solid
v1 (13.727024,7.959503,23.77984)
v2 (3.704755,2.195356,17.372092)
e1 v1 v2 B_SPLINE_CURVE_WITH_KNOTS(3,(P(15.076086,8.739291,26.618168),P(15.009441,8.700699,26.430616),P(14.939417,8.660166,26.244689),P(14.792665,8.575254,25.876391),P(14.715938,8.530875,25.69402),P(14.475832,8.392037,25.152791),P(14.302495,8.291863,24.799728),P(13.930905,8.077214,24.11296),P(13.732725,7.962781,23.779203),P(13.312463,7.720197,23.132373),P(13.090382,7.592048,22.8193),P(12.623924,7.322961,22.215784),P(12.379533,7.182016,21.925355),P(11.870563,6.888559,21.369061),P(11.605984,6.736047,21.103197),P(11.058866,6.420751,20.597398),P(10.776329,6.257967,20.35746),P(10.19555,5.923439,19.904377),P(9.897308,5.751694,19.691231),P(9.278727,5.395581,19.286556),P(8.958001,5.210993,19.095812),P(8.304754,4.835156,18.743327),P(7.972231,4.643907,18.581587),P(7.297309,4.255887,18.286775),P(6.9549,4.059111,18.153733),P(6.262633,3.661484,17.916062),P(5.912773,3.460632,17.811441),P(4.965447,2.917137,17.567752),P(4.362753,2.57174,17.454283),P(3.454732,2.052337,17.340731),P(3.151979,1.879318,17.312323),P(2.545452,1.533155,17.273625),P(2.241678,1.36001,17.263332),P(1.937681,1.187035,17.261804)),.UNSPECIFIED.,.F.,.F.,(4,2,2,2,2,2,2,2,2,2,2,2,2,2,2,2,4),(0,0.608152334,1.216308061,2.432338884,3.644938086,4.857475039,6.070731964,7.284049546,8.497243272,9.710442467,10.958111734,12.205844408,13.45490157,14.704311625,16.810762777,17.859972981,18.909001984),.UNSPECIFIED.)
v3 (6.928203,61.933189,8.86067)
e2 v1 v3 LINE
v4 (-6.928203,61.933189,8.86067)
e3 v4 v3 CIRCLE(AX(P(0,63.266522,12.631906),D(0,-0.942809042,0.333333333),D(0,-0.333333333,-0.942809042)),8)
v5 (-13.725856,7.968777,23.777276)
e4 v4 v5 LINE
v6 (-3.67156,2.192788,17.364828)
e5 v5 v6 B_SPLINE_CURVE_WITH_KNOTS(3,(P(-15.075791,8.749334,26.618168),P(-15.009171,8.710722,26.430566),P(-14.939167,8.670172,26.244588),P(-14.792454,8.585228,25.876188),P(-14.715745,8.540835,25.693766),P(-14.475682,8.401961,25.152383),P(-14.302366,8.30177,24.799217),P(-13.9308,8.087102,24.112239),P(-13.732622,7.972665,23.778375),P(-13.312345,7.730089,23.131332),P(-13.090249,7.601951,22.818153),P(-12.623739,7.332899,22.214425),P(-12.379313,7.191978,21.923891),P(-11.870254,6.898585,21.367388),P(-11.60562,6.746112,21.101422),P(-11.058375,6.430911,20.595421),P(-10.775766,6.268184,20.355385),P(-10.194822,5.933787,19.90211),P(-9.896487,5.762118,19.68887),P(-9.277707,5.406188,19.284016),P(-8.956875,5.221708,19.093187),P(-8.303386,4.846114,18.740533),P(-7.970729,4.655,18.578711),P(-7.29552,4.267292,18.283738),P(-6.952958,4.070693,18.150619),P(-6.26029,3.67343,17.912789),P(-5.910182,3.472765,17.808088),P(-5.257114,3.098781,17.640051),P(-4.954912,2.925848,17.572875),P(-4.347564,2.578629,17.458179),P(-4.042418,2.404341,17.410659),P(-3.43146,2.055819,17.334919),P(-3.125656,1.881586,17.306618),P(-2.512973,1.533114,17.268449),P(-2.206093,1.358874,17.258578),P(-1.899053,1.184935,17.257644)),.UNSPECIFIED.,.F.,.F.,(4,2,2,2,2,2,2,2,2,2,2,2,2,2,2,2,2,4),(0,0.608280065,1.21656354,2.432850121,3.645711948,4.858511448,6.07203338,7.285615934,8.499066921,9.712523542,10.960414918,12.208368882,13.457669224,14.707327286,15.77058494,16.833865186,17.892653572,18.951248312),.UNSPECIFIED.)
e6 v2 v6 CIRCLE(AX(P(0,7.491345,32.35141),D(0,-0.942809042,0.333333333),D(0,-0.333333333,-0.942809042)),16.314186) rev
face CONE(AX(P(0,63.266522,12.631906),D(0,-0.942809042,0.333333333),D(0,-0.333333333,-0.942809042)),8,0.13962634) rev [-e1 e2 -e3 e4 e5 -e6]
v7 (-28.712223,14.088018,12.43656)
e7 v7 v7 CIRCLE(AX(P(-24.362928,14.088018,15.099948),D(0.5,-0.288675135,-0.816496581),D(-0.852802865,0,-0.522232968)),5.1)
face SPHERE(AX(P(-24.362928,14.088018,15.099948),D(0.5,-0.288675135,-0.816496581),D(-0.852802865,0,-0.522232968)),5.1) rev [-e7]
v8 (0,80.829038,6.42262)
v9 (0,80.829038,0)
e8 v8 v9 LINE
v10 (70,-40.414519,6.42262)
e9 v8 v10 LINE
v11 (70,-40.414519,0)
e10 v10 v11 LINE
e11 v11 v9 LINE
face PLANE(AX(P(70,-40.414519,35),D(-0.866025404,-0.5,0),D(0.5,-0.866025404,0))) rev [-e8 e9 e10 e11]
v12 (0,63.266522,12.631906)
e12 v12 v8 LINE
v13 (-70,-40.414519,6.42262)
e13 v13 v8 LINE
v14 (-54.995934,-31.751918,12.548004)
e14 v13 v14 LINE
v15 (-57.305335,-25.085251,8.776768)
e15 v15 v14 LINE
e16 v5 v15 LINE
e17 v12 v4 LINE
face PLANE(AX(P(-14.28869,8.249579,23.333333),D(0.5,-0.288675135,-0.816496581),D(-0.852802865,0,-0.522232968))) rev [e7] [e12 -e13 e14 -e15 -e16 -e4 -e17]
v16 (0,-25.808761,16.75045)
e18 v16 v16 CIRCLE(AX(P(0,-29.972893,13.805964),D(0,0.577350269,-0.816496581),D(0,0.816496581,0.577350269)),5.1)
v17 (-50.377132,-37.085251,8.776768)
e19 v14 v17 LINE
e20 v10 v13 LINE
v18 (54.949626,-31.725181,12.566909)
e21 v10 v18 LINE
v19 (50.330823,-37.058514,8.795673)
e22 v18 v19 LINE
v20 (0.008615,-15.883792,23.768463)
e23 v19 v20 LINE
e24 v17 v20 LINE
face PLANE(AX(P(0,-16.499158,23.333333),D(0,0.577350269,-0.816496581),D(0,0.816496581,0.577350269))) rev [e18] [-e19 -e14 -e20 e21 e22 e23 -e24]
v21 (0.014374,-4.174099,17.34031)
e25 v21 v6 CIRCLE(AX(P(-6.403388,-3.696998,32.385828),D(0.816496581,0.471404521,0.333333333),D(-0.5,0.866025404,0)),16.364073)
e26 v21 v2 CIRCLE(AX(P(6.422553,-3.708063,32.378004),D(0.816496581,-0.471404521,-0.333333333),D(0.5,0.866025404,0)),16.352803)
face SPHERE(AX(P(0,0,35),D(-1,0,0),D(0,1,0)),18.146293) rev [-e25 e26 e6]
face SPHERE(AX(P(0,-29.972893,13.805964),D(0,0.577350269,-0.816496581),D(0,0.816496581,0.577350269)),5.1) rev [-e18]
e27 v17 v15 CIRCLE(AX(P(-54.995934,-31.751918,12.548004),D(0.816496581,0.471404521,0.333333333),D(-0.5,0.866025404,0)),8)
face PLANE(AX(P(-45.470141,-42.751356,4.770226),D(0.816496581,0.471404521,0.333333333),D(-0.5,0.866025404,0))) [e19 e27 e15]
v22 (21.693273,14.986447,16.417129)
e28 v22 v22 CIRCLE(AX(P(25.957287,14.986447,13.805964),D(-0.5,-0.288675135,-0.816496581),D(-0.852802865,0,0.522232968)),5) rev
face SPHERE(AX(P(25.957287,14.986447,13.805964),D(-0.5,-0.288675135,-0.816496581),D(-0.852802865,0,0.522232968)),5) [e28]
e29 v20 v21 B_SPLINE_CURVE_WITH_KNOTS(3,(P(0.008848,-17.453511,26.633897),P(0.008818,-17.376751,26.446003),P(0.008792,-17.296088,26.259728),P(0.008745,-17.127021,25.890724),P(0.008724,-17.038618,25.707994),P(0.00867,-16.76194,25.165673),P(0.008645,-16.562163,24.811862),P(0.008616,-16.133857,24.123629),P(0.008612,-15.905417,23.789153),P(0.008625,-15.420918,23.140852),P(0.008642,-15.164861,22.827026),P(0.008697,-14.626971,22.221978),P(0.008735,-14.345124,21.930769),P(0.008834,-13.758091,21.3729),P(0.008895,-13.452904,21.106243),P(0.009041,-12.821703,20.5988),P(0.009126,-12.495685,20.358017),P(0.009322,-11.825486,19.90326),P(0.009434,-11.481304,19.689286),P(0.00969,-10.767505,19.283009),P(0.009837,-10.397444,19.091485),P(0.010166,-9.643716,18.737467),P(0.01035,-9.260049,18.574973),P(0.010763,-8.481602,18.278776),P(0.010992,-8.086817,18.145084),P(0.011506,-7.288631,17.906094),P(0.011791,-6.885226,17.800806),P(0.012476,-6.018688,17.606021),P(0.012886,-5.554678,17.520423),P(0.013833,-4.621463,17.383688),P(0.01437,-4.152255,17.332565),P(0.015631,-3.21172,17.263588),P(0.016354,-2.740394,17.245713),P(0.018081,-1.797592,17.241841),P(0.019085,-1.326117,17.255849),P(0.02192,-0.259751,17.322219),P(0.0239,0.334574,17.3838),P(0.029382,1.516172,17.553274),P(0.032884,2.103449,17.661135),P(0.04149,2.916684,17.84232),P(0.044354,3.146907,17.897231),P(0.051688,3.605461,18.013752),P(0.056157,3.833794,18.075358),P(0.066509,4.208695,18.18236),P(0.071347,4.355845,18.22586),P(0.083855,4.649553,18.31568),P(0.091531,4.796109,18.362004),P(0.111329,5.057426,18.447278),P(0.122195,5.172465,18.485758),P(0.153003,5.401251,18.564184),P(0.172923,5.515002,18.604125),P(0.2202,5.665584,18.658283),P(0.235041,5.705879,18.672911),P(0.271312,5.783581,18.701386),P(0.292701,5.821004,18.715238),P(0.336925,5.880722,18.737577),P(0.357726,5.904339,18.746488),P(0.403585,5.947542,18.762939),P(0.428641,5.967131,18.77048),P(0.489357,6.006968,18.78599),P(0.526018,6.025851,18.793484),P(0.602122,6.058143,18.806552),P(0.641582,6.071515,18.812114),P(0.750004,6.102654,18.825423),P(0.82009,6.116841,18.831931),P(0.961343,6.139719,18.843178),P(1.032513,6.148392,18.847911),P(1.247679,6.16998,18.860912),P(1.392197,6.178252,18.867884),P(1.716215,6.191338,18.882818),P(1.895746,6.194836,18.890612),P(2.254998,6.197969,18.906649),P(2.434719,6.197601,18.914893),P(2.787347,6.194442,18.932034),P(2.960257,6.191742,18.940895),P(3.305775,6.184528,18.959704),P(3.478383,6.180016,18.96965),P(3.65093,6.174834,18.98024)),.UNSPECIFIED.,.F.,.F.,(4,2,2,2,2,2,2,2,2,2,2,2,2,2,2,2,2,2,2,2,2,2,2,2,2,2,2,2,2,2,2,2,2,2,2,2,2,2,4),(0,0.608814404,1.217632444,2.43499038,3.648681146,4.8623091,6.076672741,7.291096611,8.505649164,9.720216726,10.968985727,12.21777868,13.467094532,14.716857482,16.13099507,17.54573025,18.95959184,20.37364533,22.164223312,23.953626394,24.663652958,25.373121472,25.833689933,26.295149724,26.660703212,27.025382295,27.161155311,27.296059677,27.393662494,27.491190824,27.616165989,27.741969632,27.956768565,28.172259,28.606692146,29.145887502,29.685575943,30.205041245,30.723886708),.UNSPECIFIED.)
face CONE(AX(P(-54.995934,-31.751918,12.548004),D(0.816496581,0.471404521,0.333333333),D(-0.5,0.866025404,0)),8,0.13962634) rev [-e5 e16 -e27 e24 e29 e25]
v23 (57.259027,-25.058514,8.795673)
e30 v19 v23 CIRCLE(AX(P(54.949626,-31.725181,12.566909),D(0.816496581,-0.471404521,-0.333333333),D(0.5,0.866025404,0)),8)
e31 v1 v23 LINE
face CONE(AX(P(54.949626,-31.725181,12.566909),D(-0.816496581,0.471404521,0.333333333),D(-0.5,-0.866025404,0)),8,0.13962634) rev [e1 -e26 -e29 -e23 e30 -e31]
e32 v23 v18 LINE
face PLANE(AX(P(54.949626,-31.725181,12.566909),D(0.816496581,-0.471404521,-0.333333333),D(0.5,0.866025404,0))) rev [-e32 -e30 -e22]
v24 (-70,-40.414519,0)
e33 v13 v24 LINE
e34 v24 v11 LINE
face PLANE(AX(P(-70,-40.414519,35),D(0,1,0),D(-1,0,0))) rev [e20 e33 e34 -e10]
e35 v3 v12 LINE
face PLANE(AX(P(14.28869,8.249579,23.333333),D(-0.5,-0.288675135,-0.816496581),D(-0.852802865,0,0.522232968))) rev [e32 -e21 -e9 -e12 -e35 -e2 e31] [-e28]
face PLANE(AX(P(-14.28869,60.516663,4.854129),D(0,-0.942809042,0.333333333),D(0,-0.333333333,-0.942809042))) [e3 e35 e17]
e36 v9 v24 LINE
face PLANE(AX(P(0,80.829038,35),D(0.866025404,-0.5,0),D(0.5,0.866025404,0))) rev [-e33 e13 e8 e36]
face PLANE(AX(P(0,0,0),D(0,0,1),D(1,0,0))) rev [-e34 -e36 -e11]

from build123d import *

# Parameters (mm, degrees)
BOSS_EXTRUDE1_DEPTH = 35
SKETCH17_W          = 133.012031184
SKETCH17_H          = 150.020262135
CUT_EXTRUDE1_DEPTH  = 100
SKETCH18_W          = 192.413181094
SKETCH18_H          = 151.943406229
CUT_EXTRUDE2_DEPTH  = 100
SKETCH19_W          = 213.02940575
SKETCH19_H          = 185.007600509
CUT_EXTRUDE3_DEPTH  = 100


with BuildPart() as part:
    # Sketch1 → Boss-Extrude1 (new body)
    with BuildSketch(Plane.XY):
        Polygon((0, 80.829037687), (-70, -40.414518843), (70, -40.414518843), align=None)
    extrude(amount=BOSS_EXTRUDE1_DEPTH)

    # Sketch17 → Cut-Extrude1 (cut)
    with BuildSketch(Plane(origin=(-14.288690166, 8.249579114, 23.333333333), x_dir=(0.8655579140838772, 0.1356024462386485, 0.4821011034429005), z_dir=(-0.5000000000000012, 0.2886751345948135, 0.8164965809277251))):
        with Locations((-15.800869145, 16.431717582)):
            Rectangle(SKETCH17_W, SKETCH17_H)
    extrude(amount=CUT_EXTRUDE1_DEPTH, mode=Mode.SUBTRACT)

    # Sketch18 → Cut-Extrude2 (cut)
    with BuildSketch(Plane(origin=(0, -16.499158228, 23.333333333), x_dir=(-0.9999855172716196, -0.004394333245699285, -0.003107262836822865), z_dir=(-3.769120432428607e-15, 0.577350269189629, -0.8164965809277238))):
        with Locations((-12.623056854, 9.892836606)):
            Rectangle(SKETCH18_W, SKETCH18_H)
    extrude(amount=-CUT_EXTRUDE2_DEPTH, mode=Mode.SUBTRACT)

    # Sketch19 → Cut-Extrude3 (cut)
    with BuildSketch(Plane(origin=(14.288690166, 8.249579114, 23.333333333), x_dir=(-0.8656985035271668, 0.1407013511718839, 0.48038446141526087), z_dir=(-0.4999999999999998, -0.288675134594816, -0.8164965809277251))):
        with Locations((-1.009116112, 24.341857859)):
            Rectangle(SKETCH19_W, SKETCH19_H)
    extrude(amount=-CUT_EXTRUDE3_DEPTH, mode=Mode.SUBTRACT)

    # Sketch2 → Cut-Revolve3 (revolve, cut)
    with BuildSketch(Plane.XY.offset(35)):
        with BuildLine():
            Line((18.146292999, 0), (-18.146292999, 0))
            ThreePointArc((-18.146292999, 0), (0, 18.146292999), (18.146292999, 0))
        make_face()
    revolve(axis=Axis((0, 0, 35), (1, 0, 0)), mode=Mode.SUBTRACT)

    # Sketch11 → Cut-Revolve7 (revolve, cut)
    with BuildSketch(Plane(origin=(-14.288690166, 8.249579114, 23.333333333), x_dir=(0.865557914083877, 0.13560244623864853, 0.48210110344290047), z_dir=(-0.5000000000000012, 0.2886751345948134, 0.816496580927725))):
        with BuildLine():
            ThreePointArc((0.3071152, -3.71281039), (6.752910141, 3.94358044), (16.277375636, 7.018177971))
            Line((16.277375636, 7.018177971), (14.668951259, 55.949737526))
            Line((14.668951259, 55.949737526), (6.673269744, 55.686912283))
            Line((6.673269744, 55.686912283), (0.3071152, -3.71281039))
        make_face()
    revolve(axis=Axis((0, 17.108489111, 28.951235667), (-2.185767015328875e-15, 0.9428090415820626, -0.33333333333333554)), mode=Mode.SUBTRACT)

    # Sketch3 → Cut-Revolve8 (revolve, cut)
    with BuildSketch(Plane(origin=(14.288690166, 8.249579114, 23.333333333), x_dir=(0.8656985035271669, -0.14070135117188398, -0.4803844614152608), z_dir=(0.4999999999999997, 0.28867513459481586, 0.8164965809277251))):
        with BuildLine():
            Line((45.996636443, -35.376806478), (48.869515746, -27.910444278))
            Line((48.869515746, -27.910444278), (-3.599712524, 1.228268839))
            ThreePointArc((-3.599712524, 1.228268839), (0.992741724, -7.712219863), (0.122393367, -17.725484464))
            Line((0.122393367, -17.725484464), (45.996636443, -35.376806478))
        make_face()
    revolve(axis=Axis((54.949625504, -31.725181077, 12.566909326), (-0.8164965809277288, 0.4714045207910254, 0.3333333333333354)), mode=Mode.SUBTRACT)

    # Sketch10 → Cut-Revolve9 (revolve, cut)
    with BuildSketch(Plane(origin=(0, -16.499158228, 23.333333333), x_dir=(0.9999855172716196, 0.004394333245699285, 0.00310726283682286), z_dir=(3.774324602856538e-15, -0.5773502691896293, 0.8164965809277237))):
        with BuildLine():
            Line((-14.763802711, 9.810092208), (-55.095676422, -18.384483489))
            Line((-55.095676422, -18.384483489), (-50.512095827, -24.941219638))
            Line((-50.512095827, -24.941219638), (3.05684637, 2.301752381))
            ThreePointArc((3.05684637, 2.301752381), (-6.936954181, 3.484349057), (-14.763802711, 9.810092208))
        make_face()
    revolve(axis=Axis((-14.81638619, -8.554244555, 28.951235667), (-0.8164965809277253, -0.471404520791033, -0.3333333333333334)), mode=Mode.SUBTRACT)

    # Sketch13 → Revolve2 (revolve)
    with BuildSketch(Plane(origin=(14.288690166, 8.249579114, 23.333333333), x_dir=(0.8656985035271668, -0.14070135117188393, -0.48038446141526087), z_dir=(0.49999999999999983, 0.2886751345948159, 0.8164965809277251))):
        with BuildLine():
            Line((9.570149417, 6.380099611), (17.89065236, 11.927101574))
            ThreePointArc((17.89065236, 11.927101574), (16.50390187, 4.993349121), (9.570149417, 6.380099611))
        make_face()
    revolve(axis=Axis((35, 20.207259422, 6.422619668), (-0.7071067811865586, -0.40824829046384215, 0.5773502691896272)))

    # Sketch14 → Cut-Revolve10 (revolve, cut)
    with BuildSketch(Plane(origin=(-14.288690166, 8.249579114, 23.333333333), x_dir=(0.865557914083877, 0.13560244623864853, 0.4821011034429005), z_dir=(-0.5000000000000013, 0.2886751345948133, 0.8164965809277251))):
        with BuildLine():
            Line((-7.635267484, 5.061697438), (-16.159640076, 10.663042982))
            ThreePointArc((-16.159640076, 10.663042982), (-14.698126552, 3.600183914), (-7.635267484, 5.061697438))
        make_face()
    revolve(axis=Axis((-35, 20.207259422, 6.422619668), (0.7077422098959172, -0.40714637457257147, 0.5773498021165807)), mode=Mode.SUBTRACT)

    # Sketch16 → Cut-Revolve11 (revolve, cut)
    with BuildSketch(Plane(origin=(0, -16.499158228, 23.333333333), x_dir=(1, 0, 0), z_dir=(3.774324602856538e-15, -0.577350269189629, 0.8164965809277237))):
        with BuildLine():
            Line((0, -21.601888146), (0, -11.401888146))
            ThreePointArc((0, -11.401888146), (5.1, -16.501888146), (0, -21.601888146))
        make_face()
    revolve(axis=Axis((0, -40.414518843, 6.422619668), (-2.2050404815138315e-15, 0.8164965809277238, 0.5773502691896291)), mode=Mode.SUBTRACT)


solid = part.part
